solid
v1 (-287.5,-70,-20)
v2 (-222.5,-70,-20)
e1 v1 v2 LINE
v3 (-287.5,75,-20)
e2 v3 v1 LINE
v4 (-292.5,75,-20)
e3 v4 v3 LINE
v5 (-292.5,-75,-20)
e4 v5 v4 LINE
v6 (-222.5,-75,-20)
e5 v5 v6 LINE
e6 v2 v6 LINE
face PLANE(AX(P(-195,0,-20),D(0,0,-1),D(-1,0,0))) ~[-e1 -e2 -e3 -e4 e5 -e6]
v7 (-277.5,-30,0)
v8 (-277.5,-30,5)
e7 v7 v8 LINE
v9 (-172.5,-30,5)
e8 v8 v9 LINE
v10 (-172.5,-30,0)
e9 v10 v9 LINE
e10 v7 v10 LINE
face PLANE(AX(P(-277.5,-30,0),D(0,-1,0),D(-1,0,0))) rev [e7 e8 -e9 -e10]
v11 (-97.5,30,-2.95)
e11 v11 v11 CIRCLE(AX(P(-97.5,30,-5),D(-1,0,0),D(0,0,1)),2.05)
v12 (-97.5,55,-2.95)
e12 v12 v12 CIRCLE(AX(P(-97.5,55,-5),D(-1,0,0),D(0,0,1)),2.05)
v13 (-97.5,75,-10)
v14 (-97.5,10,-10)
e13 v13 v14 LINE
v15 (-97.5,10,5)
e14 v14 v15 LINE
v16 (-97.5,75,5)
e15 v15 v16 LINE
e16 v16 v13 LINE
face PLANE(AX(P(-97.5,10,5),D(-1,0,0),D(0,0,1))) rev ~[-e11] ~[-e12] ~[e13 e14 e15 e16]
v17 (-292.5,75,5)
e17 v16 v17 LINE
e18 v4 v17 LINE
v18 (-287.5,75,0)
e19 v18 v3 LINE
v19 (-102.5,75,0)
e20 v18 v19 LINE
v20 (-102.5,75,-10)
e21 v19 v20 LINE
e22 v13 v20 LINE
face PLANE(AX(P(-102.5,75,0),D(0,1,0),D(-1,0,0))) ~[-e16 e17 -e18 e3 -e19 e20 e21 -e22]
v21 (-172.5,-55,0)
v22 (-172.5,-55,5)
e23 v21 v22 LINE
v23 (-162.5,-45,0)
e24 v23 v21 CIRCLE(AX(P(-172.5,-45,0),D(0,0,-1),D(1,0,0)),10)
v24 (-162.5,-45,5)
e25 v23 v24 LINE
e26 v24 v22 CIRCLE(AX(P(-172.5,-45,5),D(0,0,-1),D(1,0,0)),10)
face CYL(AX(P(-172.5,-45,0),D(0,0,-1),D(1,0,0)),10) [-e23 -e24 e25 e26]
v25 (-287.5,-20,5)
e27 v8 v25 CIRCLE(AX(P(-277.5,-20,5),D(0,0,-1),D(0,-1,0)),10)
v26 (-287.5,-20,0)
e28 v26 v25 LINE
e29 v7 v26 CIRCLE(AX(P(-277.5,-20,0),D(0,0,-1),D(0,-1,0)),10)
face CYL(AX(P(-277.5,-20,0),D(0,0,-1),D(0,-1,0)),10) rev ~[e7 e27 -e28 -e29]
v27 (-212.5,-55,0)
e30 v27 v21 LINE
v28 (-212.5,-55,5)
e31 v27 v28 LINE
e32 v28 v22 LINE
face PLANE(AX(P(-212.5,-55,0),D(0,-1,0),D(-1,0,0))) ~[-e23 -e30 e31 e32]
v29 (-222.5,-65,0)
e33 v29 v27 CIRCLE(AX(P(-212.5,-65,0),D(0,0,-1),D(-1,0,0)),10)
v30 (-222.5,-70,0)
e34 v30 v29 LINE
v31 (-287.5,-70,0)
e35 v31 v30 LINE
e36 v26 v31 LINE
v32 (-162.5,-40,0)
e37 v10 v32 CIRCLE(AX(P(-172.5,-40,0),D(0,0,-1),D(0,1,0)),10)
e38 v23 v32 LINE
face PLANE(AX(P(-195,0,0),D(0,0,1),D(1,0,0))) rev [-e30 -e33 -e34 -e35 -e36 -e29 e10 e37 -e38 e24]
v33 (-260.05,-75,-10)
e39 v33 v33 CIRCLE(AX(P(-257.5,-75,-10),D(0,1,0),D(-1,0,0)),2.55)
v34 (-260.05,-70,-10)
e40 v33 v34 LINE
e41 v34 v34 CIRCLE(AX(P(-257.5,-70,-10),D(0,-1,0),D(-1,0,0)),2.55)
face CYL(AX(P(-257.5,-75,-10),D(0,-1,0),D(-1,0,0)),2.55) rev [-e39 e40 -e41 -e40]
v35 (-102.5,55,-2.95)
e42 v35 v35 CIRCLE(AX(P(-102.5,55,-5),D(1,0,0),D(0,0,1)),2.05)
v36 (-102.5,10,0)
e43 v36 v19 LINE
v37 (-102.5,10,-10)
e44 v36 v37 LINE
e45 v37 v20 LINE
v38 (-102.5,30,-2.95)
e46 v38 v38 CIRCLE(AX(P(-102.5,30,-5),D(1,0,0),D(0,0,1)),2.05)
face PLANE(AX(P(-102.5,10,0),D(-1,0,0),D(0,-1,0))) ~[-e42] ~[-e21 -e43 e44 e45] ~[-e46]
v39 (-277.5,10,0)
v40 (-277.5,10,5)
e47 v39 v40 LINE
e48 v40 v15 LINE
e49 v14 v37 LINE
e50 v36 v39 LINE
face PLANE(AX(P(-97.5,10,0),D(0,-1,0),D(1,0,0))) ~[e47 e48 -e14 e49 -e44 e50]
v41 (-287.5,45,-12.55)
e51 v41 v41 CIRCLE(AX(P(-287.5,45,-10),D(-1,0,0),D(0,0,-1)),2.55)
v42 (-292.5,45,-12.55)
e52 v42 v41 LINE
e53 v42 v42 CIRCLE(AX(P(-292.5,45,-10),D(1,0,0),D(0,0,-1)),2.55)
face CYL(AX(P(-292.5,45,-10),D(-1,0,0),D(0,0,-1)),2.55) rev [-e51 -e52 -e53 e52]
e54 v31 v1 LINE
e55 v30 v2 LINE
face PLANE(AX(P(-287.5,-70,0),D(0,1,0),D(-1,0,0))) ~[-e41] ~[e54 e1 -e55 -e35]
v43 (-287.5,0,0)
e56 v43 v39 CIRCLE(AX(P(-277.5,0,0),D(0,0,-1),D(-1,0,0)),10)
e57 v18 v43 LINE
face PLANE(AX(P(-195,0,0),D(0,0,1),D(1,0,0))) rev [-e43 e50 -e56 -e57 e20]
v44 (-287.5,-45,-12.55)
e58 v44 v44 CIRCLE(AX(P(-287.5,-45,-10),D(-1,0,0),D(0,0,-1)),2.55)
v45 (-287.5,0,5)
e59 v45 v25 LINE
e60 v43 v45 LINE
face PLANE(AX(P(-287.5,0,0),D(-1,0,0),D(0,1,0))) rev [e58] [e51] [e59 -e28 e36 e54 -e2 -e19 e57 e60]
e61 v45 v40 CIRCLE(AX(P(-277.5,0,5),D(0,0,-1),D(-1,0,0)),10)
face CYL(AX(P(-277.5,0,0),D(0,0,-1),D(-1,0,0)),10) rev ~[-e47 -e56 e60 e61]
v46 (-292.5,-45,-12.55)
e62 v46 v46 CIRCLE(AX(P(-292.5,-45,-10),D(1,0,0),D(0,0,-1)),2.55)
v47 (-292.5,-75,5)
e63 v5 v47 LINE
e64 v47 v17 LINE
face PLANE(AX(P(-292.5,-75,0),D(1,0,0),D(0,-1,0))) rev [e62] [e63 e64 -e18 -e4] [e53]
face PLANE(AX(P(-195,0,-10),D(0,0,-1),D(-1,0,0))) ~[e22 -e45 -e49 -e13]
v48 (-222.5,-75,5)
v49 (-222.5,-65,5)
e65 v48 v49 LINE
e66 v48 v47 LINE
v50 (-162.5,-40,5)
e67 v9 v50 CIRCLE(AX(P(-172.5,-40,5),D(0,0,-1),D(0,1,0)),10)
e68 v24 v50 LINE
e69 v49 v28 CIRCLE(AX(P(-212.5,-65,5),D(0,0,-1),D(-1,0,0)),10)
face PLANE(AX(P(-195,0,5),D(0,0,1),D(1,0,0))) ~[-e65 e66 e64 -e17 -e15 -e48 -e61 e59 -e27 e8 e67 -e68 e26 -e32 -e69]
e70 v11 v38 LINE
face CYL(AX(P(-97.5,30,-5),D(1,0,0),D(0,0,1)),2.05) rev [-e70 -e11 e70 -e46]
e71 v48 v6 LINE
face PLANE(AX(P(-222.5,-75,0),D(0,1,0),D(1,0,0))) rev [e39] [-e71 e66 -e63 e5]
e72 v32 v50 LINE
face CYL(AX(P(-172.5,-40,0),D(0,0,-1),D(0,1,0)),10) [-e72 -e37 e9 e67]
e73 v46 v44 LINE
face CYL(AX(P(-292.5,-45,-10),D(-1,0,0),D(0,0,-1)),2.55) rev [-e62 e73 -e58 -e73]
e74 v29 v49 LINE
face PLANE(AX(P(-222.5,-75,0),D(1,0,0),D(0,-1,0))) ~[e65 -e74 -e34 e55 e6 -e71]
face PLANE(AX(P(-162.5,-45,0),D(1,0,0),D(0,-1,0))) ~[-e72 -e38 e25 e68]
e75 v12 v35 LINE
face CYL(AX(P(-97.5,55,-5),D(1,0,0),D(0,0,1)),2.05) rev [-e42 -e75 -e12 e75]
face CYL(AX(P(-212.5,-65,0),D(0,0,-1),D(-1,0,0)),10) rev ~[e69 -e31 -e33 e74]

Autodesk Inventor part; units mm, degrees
ref_plane "YZ Plane" through (0, 0, 0) normal (1, 0, 0) x (0, 1, 0)
ref_plane "XZ Plane" through (0, 0, 0) normal (0, 1, 0) x (-1, 0, 0)
ref_plane "XY Plane" through (0, 0, 0) normal (0, 0, 1) x (1, 0, 0)
sketch "Sketch1" plane through (0, 0, 0) normal (0, 0, 1) x (1, 0, 0)
  line L0 (-97.5, -75) -> (97.5, -75)
  line L1 (97.5, -75) -> (97.5, 75)
  line L2 (97.5, 75) -> (-97.5, 75)
  line L3 (-97.5, 75) -> (-97.5, -75)
  line L4 (-97.5, -75) -> (-32.5, -30) construction
  line L5 (97.5, -75) -> (-97.5, 75) construction
  line L6 (-97.5, -75) -> (-32.5, -75)
  line L7 (-32.5, -45) -> (-32.5, -40)
  line L8 (-42.5, 10) -> (-97.5, 10)
  line L9 (-97.5, 10) -> (-97.5, -75)
  line L10 (-97.5, -75) -> (27.5, -75)
  line L11 (27.5, -75) -> (27.5, -65)
  line L12 (17.5, -55) -> (-22.5, -55)
  line L13 (-97.5, -55) -> (-97.5, -75)
  arc A0 (-32.5, -45) -> (-22.5, -55) centre (-22.5, -45) ccw
  arc A1 (27.5, -65) -> (17.5, -55) centre (17.5, -65) ccw
  line L14 (-42.5, 10) -> (82.5, 10)
  line L15 (92.5, 0) -> (92.5, -20)
  line L16 (82.5, -30) -> (-22.5, -30)
  line L17 (-32.5, -30) -> (97.5, 75) construction
  arc A2 (-22.5, -30) -> (-32.5, -40) centre (-22.5, -40) ccw
  arc A3 (82.5, -30) -> (92.5, -20) centre (82.5, -20) ccw
  arc A4 (92.5, 0) -> (82.5, 10) centre (82.5, 0) ccw
  point P0 (0, 0)
  point P1 (-32.5, 10)
  point P2 (27.5, -55)
  point P3 (92.5, -30)
  point P4 (92.5, 10)
  dimension "d0" = 195
  dimension "d1" = 150
  dimension "d2" = 65
  dimension "d3" = 85
  dimension "d4" = 125
  dimension "d5" = 20
  dimension "d36" = 40
  dimension "d37" = 190
  dimension "d38" = 10
extrude "Extrusion1" add sketch "Sketch1" along normal blind 5 contours L11 A1 L12 A0 L7 A2 L16 A3 L15 A4 L14 L8 L3 L2 L1 L0
sketch "Sketch2" plane through (0, 0, 0) normal (0, 0, -1) x (-1, 0, 0)
  line L0 (92.5, 75) -> (97.5, 75)
  line L1 (97.5, 75) -> (97.5, 10)
  line L2 (97.5, 10) -> (92.5, 10)
  line L3 (92.5, 10) -> (92.5, 75)
  line L4 (-97.5, 75) -> (97.5, 75) projected
  line L5 (97.5, 10) -> (-82.5, 10) projected
  line L6 (97.5, 75) -> (97.5, 10) projected
  point P0 (0, 0)
  point P1 (42.5, 5)
  point P2 (97.5, -75)
  point P3 (-82.5, 10)
  dimension "d9" = 5
extrude "Extrusion2" add sketch "Sketch2" along normal blind 10
sketch "Sketch3" plane through (0, 0, 0) normal (0, 0, -1) x (-1, 0, 0)
  line L0 (-97.5, 75) -> (-92.5, 75)
  line L1 (-92.5, 75) -> (-92.5, -75)
  line L2 (-92.5, -75) -> (-97.5, -75)
  line L3 (-97.5, -75) -> (-97.5, 75)
  line L4 (-97.5, -70) -> (-27.5, -70)
  line L5 (-27.5, -70) -> (-27.5, -75)
  line L6 (-27.5, -75) -> (-97.5, -75)
  line L7 (-97.5, -75) -> (-97.5, -70)
  line L8 (-97.5, -75) -> (-97.5, 75) projected
  line L9 (-97.5, 75) -> (92.5, 75) projected
  line L10 (-27.5, -75) -> (-97.5, -75) projected
  line L11 (-27.5, -65) -> (-27.5, -75) projected
  point P0 (0, 0)
  point P1 (-92.5, -70)
  point P2 (97.5, -75)
  dimension "d12" = 5
  dimension "d13" = 5
extrude "Extrusion3" add sketch "Sketch3" along normal blind 20
sketch "Sketch4" plane through (97.5, -75, 5) normal (1, 0, 0) x (0, 0, -1)
  circle A0 centre (15, 30) radius 2.55
  circle A1 centre (15, 120) radius 2.55
  line L0 (0, 0) -> (0, 150) projected
  line L1 (25, 0) -> (0, 0) projected
  point P0 (5, 75)
  dimension "d16" = 5.1
  dimension "d17" = 5.1
  dimension "d18" = 15
  dimension "d19" = 30
  dimension "d20" = 90
extrude "Extrusion4" cut sketch "Sketch4" against normal blind 20
sketch "Sketch5" plane through (27.5, -75, 5) normal (0, -1, 0) x (1, 0, 0)
  circle A0 centre (35, -15) radius 2.55
  line L0 (70, -25) -> (70, 0) projected
  line L1 (0, 0) -> (70, 0) projected
  point P0 (-27.5, -5)
  point P1 (70, -12.5)
  point P2 (35, 0)
  point P3 (-125, 0)
  dimension "d23" = 5.1
  dimension "d24" = 35
  dimension "d25" = 15
extrude "Extrusion5" cut sketch "Sketch5" against normal blind 20
sketch "Sketch6" plane through (-97.5, 10, 5) normal (-1, 0, 0) x (0, 0, 1)
  circle A0 centre (-10, 45) radius 2.05
  circle A1 centre (-10, 20) radius 2.05
  line L0 (-15, 0) -> (-15, 65) projected
  line L1 (-15, 0) -> (0, 0) projected
  line L2 (0, 65) -> (-15, 65) projected
  point P0 (-5, -10)
  dimension "d28" = 4.1
  dimension "d29" = 4.1
  dimension "d30" = 5
  dimension "d31" = 20
  dimension "d32" = 20
extrude "Extrusion6" cut sketch "Sketch6" against normal blind 20
ref_plane "Work Plane1" through (-97.5, 10, 5) normal (-1, 0, 0) x (0, 0, 1)
mirror "Mirror1" about plane through (-97.5, 10, 5) normal (-1, 0, 0) of "Extrusion1", "Extrusion2", "Extrusion3", "Extrusion4", "Extrusion5", "Extrusion6"
sketch "Sketch7" plane through (-97.5, 10, 5) normal (-1, 0, 0) x (0, 0, 1)
  line L0 (-78.6811, -145.6445) -> (43.9333, -145.6445)
  line L1 (43.9333, -145.6445) -> (43.9333, 99.2093)
  line L2 (43.9333, 99.2093) -> (-78.6811, 99.2093)
  line L3 (-78.6811, 99.2093) -> (-78.6811, -145.6445)
  point P0 (-5, -10)
extrude "Extrusion7" cut sketch "Sketch7" against normal blind 213.8375
properties part number "tleft"
